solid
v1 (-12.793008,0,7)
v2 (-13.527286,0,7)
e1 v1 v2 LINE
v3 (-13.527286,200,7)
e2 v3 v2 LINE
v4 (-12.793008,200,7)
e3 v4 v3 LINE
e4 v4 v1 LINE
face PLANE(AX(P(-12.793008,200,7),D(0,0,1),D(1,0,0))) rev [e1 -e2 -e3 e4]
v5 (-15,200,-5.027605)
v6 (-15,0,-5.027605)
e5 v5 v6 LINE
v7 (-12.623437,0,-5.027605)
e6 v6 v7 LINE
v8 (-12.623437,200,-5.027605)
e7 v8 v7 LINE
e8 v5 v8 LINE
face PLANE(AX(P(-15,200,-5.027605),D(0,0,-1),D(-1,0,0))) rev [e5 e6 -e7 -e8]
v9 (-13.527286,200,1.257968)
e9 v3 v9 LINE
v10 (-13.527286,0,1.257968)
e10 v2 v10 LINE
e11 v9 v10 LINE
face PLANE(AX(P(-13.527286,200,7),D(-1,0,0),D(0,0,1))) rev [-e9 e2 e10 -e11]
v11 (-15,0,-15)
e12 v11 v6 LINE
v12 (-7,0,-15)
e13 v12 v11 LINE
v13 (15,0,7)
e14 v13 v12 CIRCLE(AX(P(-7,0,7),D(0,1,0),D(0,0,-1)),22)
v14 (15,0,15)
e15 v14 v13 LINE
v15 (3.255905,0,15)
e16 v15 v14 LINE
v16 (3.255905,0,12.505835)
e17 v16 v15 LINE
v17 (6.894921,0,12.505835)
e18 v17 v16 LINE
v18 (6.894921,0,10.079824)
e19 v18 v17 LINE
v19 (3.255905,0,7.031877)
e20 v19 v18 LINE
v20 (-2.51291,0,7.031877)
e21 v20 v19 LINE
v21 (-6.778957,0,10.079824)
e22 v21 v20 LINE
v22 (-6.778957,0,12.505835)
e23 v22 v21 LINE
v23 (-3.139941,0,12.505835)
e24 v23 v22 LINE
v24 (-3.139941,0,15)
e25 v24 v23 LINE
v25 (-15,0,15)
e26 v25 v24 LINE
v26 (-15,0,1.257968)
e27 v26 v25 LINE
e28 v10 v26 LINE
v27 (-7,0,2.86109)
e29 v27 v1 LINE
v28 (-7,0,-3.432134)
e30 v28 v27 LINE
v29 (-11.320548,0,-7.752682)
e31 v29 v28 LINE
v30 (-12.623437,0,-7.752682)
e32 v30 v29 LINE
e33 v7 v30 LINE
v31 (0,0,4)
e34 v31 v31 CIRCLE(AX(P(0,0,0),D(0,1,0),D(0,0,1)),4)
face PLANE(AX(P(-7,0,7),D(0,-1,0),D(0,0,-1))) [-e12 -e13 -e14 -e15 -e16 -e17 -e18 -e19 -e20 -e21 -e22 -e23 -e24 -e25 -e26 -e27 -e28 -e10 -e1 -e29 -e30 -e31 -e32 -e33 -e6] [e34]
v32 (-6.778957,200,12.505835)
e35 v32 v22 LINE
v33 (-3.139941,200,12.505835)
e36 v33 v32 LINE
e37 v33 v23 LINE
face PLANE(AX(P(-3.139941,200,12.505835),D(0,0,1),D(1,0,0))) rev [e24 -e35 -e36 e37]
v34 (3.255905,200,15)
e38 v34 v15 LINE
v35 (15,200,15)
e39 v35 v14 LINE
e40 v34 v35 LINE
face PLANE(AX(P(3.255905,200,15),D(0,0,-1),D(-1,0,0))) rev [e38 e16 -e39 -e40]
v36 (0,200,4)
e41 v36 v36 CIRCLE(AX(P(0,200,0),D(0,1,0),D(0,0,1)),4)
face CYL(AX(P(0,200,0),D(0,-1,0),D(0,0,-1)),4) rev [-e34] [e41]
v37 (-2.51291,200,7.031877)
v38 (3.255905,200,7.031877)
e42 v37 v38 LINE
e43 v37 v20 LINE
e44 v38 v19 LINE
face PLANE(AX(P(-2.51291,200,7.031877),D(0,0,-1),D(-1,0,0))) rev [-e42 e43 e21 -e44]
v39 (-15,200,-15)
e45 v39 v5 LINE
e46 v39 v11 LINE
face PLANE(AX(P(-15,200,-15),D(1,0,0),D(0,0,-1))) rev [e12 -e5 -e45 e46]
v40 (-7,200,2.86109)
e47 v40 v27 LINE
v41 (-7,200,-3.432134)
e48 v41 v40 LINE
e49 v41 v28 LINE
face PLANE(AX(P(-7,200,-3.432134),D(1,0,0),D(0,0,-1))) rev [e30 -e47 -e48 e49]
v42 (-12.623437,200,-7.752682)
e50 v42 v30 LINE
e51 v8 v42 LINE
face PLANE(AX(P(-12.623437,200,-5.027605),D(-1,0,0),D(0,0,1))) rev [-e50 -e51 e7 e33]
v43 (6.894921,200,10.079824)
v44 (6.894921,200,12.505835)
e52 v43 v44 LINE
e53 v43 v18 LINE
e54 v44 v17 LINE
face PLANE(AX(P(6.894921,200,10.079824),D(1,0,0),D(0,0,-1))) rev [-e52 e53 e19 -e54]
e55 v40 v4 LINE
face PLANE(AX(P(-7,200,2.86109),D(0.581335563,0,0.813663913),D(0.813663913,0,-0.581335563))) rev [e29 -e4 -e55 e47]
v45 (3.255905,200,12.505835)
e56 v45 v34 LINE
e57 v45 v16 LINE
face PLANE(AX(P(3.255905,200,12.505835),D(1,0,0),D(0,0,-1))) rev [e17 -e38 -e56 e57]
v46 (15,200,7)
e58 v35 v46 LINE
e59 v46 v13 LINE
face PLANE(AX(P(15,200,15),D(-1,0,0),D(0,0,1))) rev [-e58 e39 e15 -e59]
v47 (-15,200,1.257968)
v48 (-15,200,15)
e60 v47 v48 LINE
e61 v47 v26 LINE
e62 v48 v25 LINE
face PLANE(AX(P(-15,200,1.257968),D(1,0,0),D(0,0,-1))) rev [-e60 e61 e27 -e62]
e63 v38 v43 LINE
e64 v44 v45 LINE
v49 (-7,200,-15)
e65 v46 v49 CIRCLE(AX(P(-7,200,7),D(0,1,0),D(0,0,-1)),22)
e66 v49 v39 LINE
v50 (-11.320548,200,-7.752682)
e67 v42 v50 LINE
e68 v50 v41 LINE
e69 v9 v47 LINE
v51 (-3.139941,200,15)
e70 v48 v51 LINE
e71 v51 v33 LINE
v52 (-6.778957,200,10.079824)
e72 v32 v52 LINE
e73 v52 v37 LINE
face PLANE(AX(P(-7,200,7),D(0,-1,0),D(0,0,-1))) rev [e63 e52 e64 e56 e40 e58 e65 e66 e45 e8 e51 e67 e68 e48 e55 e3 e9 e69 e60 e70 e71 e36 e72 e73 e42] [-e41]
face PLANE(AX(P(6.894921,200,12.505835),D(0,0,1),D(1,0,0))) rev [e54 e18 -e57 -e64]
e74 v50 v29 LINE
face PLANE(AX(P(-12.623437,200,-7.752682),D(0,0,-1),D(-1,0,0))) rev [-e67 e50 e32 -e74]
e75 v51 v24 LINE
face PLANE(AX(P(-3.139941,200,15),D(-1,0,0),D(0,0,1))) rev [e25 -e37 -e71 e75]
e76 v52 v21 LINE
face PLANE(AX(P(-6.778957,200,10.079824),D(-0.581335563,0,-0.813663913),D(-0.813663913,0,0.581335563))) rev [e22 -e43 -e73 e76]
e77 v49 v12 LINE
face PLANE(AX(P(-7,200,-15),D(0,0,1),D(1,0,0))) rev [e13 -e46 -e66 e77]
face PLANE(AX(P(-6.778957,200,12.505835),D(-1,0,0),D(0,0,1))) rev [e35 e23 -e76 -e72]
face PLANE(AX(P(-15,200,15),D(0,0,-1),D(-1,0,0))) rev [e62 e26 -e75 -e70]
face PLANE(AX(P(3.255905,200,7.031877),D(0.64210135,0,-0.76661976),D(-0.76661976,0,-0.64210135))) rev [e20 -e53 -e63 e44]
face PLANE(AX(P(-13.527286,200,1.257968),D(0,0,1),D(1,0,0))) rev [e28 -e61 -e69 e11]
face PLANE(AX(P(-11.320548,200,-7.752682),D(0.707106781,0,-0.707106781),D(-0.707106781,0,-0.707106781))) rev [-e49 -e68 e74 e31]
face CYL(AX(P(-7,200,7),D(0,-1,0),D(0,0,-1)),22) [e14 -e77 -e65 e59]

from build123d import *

# Parameters (mm, degrees)
CROQUIS1_R              = 4
SALIENTE_EXTRUIR1_DEPTH = 200


with BuildPart() as part:
    # Croquis1 → Saliente-Extruir1 (new body)
    with BuildSketch(Plane(origin=(0, 0, 0), x_dir=(1, 0, 0), z_dir=(0, 1, 0))):
        with BuildLine():
            Line((-7, 15), (-15, 15))
            Line((-15, 15), (-15, 5.027604917))
            Line((-15, 5.027604917), (-12.623437069, 5.027604917))
            Line((-12.623437069, 5.027604917), (-12.623437069, 7.752682341))
            Line((-12.623437069, 7.752682341), (-11.320548438, 7.752682341))
            Line((-11.320548438, 7.752682341), (-7, 3.432133903))
            Line((-7, 3.432133903), (-7, -2.861090311))
            Line((-7, -2.861090311), (-12.793007796, -7))
            Line((-12.793007796, -7), (-13.527286117, -7))
            Line((-13.527286117, -7), (-13.527286117, -1.25796789))
            Line((-13.527286117, -1.25796789), (-15, -1.25796789))
            Line((-15, -1.25796789), (-15, -15))
            Line((-15, -15), (-3.139941254, -15))
            Line((-3.139941254, -15), (-3.139941254, -12.505835019))
            Line((-3.139941254, -12.505835019), (-6.77895709, -12.505835019))
            Line((-6.77895709, -12.505835019), (-6.77895709, -10.079824462))
            Line((-6.77895709, -10.079824462), (-2.512909638, -7.031876702))
            Line((-2.512909638, -7.031876702), (3.25590476, -7.031876702))
            Line((3.25590476, -7.031876702), (6.894920596, -10.079824462))
            Line((6.894920596, -10.079824462), (6.894920596, -12.505835019))
            Line((6.894920596, -12.505835019), (3.25590476, -12.505835019))
            Line((3.25590476, -12.505835019), (3.25590476, -15))
            Line((3.25590476, -15), (15, -15))
            Line((15, -15), (15, -7))
            ThreePointArc((15, -7), (8.556349186, 8.556349186), (-7, 15))
        make_face()
        Circle(CROQUIS1_R, mode=Mode.SUBTRACT)
    extrude(amount=SALIENTE_EXTRUIR1_DEPTH)


solid = part.part
